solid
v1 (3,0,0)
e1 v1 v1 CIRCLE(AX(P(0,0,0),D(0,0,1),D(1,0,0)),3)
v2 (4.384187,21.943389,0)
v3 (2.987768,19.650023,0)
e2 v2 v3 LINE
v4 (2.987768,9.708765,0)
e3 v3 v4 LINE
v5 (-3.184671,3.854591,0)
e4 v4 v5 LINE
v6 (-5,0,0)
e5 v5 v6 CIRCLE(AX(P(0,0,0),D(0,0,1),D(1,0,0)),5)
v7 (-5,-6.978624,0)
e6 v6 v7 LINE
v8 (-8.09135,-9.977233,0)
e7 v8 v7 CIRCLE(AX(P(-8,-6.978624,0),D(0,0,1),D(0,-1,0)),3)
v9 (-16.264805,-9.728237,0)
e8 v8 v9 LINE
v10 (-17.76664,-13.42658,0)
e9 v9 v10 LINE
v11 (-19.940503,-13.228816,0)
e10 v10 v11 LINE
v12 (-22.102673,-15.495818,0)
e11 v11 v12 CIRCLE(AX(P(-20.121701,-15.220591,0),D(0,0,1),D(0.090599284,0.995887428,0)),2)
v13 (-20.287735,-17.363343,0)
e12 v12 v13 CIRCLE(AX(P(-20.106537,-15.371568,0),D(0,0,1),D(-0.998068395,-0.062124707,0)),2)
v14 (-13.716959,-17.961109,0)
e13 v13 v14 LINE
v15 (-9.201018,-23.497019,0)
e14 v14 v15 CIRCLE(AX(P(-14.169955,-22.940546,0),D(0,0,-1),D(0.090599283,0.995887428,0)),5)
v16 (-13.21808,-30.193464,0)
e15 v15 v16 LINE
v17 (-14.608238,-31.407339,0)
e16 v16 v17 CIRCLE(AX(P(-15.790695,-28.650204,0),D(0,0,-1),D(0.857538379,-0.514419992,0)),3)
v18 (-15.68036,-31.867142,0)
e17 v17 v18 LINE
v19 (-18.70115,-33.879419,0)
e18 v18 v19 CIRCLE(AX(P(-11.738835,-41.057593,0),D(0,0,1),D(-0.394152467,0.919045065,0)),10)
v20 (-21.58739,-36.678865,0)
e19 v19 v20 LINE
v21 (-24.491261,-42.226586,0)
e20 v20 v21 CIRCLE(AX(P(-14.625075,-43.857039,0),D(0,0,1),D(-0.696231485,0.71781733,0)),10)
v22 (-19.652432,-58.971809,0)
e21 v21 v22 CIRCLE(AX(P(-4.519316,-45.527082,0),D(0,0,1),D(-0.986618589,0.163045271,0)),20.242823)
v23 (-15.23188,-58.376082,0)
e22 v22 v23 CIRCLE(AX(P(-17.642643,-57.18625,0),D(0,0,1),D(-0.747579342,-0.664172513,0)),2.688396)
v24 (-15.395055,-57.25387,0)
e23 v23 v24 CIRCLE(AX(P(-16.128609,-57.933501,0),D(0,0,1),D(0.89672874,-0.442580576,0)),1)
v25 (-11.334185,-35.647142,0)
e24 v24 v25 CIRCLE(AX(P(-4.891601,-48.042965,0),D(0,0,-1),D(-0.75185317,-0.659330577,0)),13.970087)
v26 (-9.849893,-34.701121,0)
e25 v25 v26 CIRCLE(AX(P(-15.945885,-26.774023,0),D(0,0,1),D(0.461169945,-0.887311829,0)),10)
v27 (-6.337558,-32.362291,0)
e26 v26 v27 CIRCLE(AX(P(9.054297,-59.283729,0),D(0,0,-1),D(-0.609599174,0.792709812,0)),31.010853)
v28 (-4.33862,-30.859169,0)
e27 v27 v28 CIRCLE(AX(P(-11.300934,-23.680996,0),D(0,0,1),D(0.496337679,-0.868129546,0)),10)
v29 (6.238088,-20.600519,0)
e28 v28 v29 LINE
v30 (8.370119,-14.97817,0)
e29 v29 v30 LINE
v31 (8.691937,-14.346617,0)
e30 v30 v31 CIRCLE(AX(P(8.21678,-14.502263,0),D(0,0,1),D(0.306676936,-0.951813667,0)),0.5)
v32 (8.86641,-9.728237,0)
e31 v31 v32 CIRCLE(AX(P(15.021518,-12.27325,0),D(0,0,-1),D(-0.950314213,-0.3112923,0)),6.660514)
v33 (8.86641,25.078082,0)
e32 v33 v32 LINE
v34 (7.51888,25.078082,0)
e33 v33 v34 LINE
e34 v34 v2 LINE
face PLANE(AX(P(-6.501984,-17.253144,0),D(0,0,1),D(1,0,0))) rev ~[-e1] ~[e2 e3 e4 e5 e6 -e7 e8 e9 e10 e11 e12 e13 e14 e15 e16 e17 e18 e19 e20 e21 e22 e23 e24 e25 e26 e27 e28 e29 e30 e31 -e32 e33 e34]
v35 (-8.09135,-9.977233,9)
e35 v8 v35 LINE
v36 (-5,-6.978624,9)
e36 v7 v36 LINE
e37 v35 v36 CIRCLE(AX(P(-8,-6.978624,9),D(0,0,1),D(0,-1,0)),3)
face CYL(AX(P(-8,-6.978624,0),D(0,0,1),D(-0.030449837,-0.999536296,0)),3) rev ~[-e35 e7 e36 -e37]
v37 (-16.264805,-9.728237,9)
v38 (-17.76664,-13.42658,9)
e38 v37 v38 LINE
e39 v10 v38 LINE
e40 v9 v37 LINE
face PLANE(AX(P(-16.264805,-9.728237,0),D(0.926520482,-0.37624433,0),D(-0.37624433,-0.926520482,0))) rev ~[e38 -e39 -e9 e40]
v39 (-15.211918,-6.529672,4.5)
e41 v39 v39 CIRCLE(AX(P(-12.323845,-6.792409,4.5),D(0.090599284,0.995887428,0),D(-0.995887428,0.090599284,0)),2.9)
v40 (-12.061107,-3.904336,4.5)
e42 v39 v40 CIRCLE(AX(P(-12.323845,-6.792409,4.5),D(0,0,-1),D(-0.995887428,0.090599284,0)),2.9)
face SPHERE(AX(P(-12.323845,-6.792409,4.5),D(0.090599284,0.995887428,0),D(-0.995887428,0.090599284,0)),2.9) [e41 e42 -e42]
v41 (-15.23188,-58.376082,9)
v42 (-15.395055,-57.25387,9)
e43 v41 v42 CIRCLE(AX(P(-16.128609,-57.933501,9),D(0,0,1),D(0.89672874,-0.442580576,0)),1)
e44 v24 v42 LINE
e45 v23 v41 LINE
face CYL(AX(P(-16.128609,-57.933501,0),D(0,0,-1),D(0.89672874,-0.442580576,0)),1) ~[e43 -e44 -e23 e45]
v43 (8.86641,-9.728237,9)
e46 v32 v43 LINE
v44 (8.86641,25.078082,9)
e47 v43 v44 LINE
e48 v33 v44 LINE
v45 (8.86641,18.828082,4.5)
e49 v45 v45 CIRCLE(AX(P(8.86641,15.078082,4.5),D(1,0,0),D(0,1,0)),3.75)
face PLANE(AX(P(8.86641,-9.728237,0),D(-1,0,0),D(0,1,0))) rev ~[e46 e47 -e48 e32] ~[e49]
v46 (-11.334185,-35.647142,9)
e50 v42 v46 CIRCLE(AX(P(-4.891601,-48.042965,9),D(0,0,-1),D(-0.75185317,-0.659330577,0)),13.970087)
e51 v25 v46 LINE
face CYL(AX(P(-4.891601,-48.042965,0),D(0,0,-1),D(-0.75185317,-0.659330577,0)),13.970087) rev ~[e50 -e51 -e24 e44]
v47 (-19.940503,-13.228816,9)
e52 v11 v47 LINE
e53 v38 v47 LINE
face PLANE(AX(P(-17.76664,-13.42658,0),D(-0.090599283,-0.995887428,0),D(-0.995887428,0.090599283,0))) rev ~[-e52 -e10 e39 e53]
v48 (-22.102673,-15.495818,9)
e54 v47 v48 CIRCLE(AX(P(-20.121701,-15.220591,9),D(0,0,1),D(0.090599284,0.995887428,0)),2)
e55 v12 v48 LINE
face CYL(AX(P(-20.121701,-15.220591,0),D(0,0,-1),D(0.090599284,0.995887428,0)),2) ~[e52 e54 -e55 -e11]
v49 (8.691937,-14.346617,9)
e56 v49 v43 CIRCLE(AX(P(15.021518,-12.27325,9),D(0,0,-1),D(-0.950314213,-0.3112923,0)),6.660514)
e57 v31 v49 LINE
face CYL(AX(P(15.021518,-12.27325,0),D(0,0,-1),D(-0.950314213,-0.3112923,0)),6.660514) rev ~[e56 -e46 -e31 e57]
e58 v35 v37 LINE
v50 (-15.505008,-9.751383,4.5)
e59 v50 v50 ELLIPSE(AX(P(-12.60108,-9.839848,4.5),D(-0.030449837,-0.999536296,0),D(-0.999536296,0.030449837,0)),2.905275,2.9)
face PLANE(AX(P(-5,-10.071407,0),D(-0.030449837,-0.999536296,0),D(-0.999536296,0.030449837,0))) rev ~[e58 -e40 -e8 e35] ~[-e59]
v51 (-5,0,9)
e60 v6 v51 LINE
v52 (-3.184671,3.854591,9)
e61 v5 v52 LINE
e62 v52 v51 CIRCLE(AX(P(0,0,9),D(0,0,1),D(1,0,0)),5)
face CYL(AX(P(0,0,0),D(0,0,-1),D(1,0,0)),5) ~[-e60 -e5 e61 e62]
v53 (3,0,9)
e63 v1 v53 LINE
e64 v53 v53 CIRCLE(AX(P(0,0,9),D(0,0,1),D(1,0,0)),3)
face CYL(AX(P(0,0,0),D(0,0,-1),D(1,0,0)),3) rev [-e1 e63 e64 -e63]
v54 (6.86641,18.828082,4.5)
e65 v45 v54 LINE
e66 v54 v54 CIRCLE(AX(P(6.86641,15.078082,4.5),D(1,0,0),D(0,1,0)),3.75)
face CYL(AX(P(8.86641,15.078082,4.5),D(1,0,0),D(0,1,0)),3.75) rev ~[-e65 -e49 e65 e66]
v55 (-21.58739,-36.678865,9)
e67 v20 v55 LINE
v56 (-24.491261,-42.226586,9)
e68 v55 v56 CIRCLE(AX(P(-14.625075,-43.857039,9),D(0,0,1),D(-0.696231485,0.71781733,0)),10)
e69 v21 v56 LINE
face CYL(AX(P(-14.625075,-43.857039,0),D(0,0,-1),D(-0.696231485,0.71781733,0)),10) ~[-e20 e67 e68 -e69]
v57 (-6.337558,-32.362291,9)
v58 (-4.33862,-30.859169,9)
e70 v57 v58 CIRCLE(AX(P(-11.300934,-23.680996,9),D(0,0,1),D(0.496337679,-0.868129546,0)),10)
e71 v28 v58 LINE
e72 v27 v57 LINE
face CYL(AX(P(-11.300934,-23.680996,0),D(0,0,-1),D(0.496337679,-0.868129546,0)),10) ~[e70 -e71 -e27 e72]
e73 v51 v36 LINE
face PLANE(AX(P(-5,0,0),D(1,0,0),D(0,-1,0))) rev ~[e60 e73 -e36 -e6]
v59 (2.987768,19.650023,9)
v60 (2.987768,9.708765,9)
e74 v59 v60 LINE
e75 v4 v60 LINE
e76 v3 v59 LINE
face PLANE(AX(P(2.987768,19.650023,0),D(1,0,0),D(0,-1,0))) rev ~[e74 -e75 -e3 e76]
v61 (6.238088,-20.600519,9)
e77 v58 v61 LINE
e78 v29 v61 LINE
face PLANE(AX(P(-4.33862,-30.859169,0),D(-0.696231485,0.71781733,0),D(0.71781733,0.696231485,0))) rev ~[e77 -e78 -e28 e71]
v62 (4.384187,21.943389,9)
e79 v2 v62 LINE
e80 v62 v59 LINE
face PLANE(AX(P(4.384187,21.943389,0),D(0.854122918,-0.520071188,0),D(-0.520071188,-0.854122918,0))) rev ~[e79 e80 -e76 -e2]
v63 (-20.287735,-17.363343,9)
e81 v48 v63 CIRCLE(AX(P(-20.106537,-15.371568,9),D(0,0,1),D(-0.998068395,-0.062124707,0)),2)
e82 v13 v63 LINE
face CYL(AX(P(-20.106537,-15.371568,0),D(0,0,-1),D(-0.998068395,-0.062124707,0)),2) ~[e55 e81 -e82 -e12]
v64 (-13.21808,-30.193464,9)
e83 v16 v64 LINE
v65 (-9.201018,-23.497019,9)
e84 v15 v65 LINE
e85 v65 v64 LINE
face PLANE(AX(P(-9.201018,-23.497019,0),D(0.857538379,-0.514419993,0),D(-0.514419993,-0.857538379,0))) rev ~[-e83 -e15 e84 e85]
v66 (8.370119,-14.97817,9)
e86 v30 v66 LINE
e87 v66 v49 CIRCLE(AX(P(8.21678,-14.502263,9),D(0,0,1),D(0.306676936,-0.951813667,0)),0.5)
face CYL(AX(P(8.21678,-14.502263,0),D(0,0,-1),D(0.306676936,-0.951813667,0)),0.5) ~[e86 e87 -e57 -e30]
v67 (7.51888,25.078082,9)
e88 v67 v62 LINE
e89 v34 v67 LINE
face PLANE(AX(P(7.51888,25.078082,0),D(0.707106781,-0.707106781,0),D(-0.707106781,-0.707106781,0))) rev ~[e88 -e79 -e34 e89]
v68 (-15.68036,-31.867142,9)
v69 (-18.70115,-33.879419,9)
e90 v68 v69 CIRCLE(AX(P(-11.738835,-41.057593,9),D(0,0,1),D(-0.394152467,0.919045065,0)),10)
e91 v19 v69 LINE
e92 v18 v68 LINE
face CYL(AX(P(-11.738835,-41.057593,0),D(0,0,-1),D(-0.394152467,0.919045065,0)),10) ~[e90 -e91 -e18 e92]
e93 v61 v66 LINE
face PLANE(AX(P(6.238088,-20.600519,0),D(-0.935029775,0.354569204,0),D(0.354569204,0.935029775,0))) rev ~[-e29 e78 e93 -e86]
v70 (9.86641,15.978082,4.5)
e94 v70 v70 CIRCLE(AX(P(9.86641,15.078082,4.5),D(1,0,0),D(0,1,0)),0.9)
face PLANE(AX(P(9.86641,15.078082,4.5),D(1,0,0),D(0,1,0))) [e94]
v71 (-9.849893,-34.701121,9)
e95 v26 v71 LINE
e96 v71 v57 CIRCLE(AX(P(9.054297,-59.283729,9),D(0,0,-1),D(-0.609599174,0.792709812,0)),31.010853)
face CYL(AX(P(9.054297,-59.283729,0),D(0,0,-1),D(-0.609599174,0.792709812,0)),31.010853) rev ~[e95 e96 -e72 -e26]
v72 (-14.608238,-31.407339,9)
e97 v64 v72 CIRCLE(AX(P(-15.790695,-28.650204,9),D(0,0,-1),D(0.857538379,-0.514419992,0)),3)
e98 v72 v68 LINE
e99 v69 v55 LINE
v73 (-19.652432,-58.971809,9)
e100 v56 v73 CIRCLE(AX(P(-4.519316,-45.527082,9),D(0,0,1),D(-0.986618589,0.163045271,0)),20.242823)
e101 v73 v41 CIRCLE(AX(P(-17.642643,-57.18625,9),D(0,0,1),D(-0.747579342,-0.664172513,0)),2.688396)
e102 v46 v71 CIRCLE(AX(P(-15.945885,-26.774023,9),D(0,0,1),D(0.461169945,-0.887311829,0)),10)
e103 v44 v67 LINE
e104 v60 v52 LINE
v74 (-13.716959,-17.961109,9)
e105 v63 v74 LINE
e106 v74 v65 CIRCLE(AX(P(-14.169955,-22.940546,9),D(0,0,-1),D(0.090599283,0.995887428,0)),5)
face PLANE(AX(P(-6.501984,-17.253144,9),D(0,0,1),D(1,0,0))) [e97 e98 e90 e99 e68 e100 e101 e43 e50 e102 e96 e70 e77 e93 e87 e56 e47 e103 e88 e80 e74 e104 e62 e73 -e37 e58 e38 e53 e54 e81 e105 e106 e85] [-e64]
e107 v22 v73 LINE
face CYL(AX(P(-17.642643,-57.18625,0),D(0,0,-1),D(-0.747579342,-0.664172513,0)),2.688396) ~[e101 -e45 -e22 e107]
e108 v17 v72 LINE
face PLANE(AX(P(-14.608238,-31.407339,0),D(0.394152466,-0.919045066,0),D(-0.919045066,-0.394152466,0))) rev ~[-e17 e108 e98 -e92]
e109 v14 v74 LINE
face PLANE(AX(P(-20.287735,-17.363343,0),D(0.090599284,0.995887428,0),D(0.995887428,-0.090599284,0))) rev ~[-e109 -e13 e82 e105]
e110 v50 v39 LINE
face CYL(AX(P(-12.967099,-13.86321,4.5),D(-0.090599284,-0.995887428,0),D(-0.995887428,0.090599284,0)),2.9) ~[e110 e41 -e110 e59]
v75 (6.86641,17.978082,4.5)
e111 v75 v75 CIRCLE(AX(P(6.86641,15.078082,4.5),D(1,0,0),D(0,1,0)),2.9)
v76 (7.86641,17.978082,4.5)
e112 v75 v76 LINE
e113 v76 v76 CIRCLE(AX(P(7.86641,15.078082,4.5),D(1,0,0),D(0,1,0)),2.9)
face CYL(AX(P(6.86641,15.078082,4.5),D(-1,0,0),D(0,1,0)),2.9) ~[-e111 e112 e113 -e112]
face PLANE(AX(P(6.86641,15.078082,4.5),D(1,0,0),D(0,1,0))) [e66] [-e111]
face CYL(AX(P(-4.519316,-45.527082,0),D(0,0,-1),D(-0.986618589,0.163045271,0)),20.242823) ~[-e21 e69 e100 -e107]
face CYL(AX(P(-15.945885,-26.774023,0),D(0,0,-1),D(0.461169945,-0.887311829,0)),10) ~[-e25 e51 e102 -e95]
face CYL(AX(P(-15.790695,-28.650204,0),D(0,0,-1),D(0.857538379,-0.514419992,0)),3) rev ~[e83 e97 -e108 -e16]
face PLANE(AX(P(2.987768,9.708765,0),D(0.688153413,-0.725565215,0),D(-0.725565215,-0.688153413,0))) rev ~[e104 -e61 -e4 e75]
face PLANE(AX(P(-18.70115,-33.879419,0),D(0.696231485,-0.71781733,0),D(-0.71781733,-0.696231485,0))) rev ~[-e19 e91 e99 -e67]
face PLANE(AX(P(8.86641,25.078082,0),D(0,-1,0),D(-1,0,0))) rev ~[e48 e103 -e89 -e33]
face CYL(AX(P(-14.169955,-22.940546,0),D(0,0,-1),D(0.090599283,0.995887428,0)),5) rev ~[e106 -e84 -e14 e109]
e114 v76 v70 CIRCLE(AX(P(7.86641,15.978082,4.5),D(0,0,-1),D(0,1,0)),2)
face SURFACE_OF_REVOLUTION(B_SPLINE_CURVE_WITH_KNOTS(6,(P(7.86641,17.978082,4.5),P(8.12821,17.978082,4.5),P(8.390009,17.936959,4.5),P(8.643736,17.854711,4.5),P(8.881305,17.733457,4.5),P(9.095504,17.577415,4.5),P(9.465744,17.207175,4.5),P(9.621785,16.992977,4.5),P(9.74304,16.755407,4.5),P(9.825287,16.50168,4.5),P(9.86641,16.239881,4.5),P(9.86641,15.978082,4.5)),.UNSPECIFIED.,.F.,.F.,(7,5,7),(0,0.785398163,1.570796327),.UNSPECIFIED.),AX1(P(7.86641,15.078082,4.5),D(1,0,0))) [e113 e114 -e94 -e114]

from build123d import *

# Parameters (mm, degrees)
SKETCH_1_R          = 5
SKETCH_1_R_2        = 3
EXTRUDE_1_DEPTH     = 9
SKETCH_2_R          = 3.75
CUT_EXTRUDE_1_DEPTH = 2
SKETCH_3_R          = 2.9
EXTRUDE_2_DEPTH     = 3
FILLET_1_R          = 2
SKETCH_4_R          = 2.9
EXTRUDE_3_DEPTH     = 10
FILLET_2_R          = 2.9
FILLET_3_R          = 3


with BuildPart() as part:
    # 스케치1 → 보스-돌출1 (new body)
    # profile 1 of 5: a face of its own
    with BuildSketch(Plane.XY):
        with BuildLine():
            Line((8.866410343, 21.94338903), (4.384187039, 21.94338903))
            Line((4.384187039, 21.94338903), (2.987768149, 19.65002342))
            Line((2.987768149, 19.65002342), (2.987768149, 17.661246793))
            Line((2.987768149, 17.661246793), (2.987768149, 9.70876495))
            Line((2.987768149, 9.70876495), (-3.184671245, 3.854590647))
            ThreePointArc((-3.184671245, 3.854590647), (2.13033375, 4.523458645), (5, 0))
            ThreePointArc((5, 0), (0, -5), (-5, 0))
            Line((-5, 0), (-5, -10.071407464))
            Line((-5, -10.071407464), (-16.264805165, -9.728236855))
            Line((-16.264805165, -9.728236855), (-17.766639728, -13.42657959))
            Line((-17.766639728, -13.42657959), (-19.940502755, -13.22881584))
            ThreePointArc((-19.940502755, -13.22881584), (-21.568981751, -13.840235901), (-22.102673306, -15.49581787))
            ThreePointArc((-22.102673306, -15.49581787), (-21.54079944, -16.765444299), (-20.287735083, -17.363343312))
            Line((-20.287735083, -17.363343312), (-13.716958703, -17.9611093))
            ThreePointArc((-13.716958703, -17.9611093), (-10.295562947, -19.77999502), (-9.201017746, -23.497018692))
            Line((-9.201017746, -23.497018692), (-13.218080179, -30.193463728))
            ThreePointArc((-13.218080179, -30.193463728), (-13.817495958, -30.9099569), (-14.608237914, -31.407338947))
            Line((-14.608237914, -31.407338947), (-15.680360182, -31.867141901))
            ThreePointArc((-15.680360182, -31.867141901), (-17.282818205, -32.73507756), (-18.70115036, -33.879419256))
            Line((-18.70115036, -33.879419256), (-21.587390027, -36.678865361))
            ThreePointArc((-21.587390027, -36.678865361), (-23.484754079, -39.219572782), (-24.491261067, -42.226585957))
            ThreePointArc((-24.491261067, -42.226585957), (-23.966473892, -51.146683639), (-19.652431958, -58.971808969))
            ThreePointArc((-19.652431958, -58.971808969), (-17.283591849, -59.850561763), (-15.231880476, -58.376082064))
            ThreePointArc((-15.231880476, -58.376082064), (-15.139015744, -57.789610004), (-15.395055283, -57.253870245))
            ThreePointArc((-15.395055283, -57.253870245), (-18.621303847, -45.462540141), (-11.334185384, -35.647141528))
            ThreePointArc((-11.334185384, -35.647141528), (-10.571184727, -35.206851872), (-9.849893086, -34.701121359))
            ThreePointArc((-9.849893086, -34.701121359), (-8.133553397, -33.471894478), (-6.337557558, -32.362291125))
            ThreePointArc((-6.337557558, -32.362291125), (-5.290911527, -31.673468731), (-4.338619501, -30.85916897))
            Line((-4.338619501, -30.85916897), (6.238088337, -20.600518625))
            Line((6.238088337, -20.600518625), (8.3701186, -14.978169718))
            ThreePointArc((8.3701186, -14.978169718), (8.662275884, -14.729272874), (8.69193724, -14.346616734))
            ThreePointArc((8.69193724, -14.346616734), (8.365752146, -12.021808556), (8.866410343, -9.728236855))
            Line((8.866410343, -9.728236855), (8.866410343, 21.94338903))
        make_face()
    # profile 2 of 5: a face of its own
    with BuildSketch(Plane.XY):
        Circle(SKETCH_1_R)
        Circle(SKETCH_1_R_2, mode=Mode.SUBTRACT)
    # profile 3 of 5: a face of its own
    with BuildSketch(Plane.XY):
        with BuildLine():
            ThreePointArc((5, 0), (2.13033375, 4.523458645), (-3.184671245, 3.854590647))
            ThreePointArc((-3.184671245, 3.854590647), (-4.523458645, 2.13033375), (-5, 0))
            ThreePointArc((-5, 0), (0, -5), (5, 0))
        make_face()
        Circle(SKETCH_1_R_2, mode=Mode.SUBTRACT)
    # profile 4 of 5: a face of its own
    with BuildSketch(Plane.XY):
        Polygon((8.866410343, 25.078081763), (7.518879772, 25.078081763), (4.384187039, 21.94338903), (8.866410343, 21.94338903), align=None)
    # profile 5 of 5: a face of its own
    with BuildSketch(Plane.XY):
        with BuildLine():
            Line((8.866410343, 21.94338903), (4.384187039, 21.94338903))
            Line((4.384187039, 21.94338903), (2.987768149, 19.65002342))
            Line((2.987768149, 19.65002342), (2.987768149, 17.661246793))
            Line((2.987768149, 17.661246793), (2.987768149, 9.70876495))
            Line((2.987768149, 9.70876495), (-3.184671245, 3.854590647))
            ThreePointArc((-3.184671245, 3.854590647), (2.13033375, 4.523458645), (5, 0))
            ThreePointArc((5, 0), (0, -5), (-5, 0))
            Line((-5, 0), (-5, -10.071407464))
            Line((-5, -10.071407464), (-16.264805165, -9.728236855))
            Line((-16.264805165, -9.728236855), (-17.766639728, -13.42657959))
            Line((-17.766639728, -13.42657959), (-19.940502755, -13.22881584))
            ThreePointArc((-19.940502755, -13.22881584), (-21.568981751, -13.840235901), (-22.102673306, -15.49581787))
            ThreePointArc((-22.102673306, -15.49581787), (-21.54079944, -16.765444299), (-20.287735083, -17.363343312))
            Line((-20.287735083, -17.363343312), (-13.716958703, -17.9611093))
            ThreePointArc((-13.716958703, -17.9611093), (-10.295562947, -19.77999502), (-9.201017746, -23.497018692))
            Line((-9.201017746, -23.497018692), (-13.218080179, -30.193463728))
            ThreePointArc((-13.218080179, -30.193463728), (-13.817495958, -30.9099569), (-14.608237914, -31.407338947))
            Line((-14.608237914, -31.407338947), (-15.680360182, -31.867141901))
            ThreePointArc((-15.680360182, -31.867141901), (-17.282818205, -32.73507756), (-18.70115036, -33.879419256))
            Line((-18.70115036, -33.879419256), (-21.587390027, -36.678865361))
            ThreePointArc((-21.587390027, -36.678865361), (-23.484754079, -39.219572782), (-24.491261067, -42.226585957))
            ThreePointArc((-24.491261067, -42.226585957), (-23.966473892, -51.146683639), (-19.652431958, -58.971808969))
            ThreePointArc((-19.652431958, -58.971808969), (-17.283591849, -59.850561763), (-15.231880476, -58.376082064))
            ThreePointArc((-15.231880476, -58.376082064), (-15.139015744, -57.789610004), (-15.395055283, -57.253870245))
            ThreePointArc((-15.395055283, -57.253870245), (-18.621303847, -45.462540141), (-11.334185384, -35.647141528))
            ThreePointArc((-11.334185384, -35.647141528), (-10.571184727, -35.206851872), (-9.849893086, -34.701121359))
            ThreePointArc((-9.849893086, -34.701121359), (-8.133553397, -33.471894478), (-6.337557558, -32.362291125))
            ThreePointArc((-6.337557558, -32.362291125), (-5.290911527, -31.673468731), (-4.338619501, -30.85916897))
            Line((-4.338619501, -30.85916897), (6.238088337, -20.600518625))
            Line((6.238088337, -20.600518625), (8.3701186, -14.978169718))
            ThreePointArc((8.3701186, -14.978169718), (8.662275884, -14.729272874), (8.69193724, -14.346616734))
            ThreePointArc((8.69193724, -14.346616734), (8.365752146, -12.021808556), (8.866410343, -9.728236855))
            Line((8.866410343, -9.728236855), (8.866410343, 21.94338903))
        make_face()
    extrude(amount=EXTRUDE_1_DEPTH)

    # 스케치2 → 컷-돌출1 (cut)
    with BuildSketch(Plane(origin=(8.866410343, 0, 0), x_dir=(0, 0, -1), z_dir=(1, 0, 0))):
        with Locations(Location((-4.5, 15.078081763, 0), (0, 0, 90))):
            Circle(SKETCH_2_R)
    extrude(amount=-CUT_EXTRUDE_1_DEPTH, mode=Mode.SUBTRACT)

    # 스케치3 → 보스-돌출2 (add)
    with BuildSketch(Plane(origin=(6.866410343, 0, 0), x_dir=(0, 0, -1), z_dir=(1, 0, 0))):
        with Locations(Location((-4.5, 15.078081763, 0), (0, 0, 90))):
            Circle(SKETCH_3_R)
    extrude(amount=EXTRUDE_2_DEPTH)

    # 필렛1
    fillet_1_edges = [part.edges().sort_by_distance(p)[0] for p in [
        (9.866410343, 12.178081763, 4.5),
    ]]
    fillet(fillet_1_edges, radius=FILLET_1_R)

    # 스케치4 → 보스-돌출3 (add)
    with BuildSketch(Plane(origin=(-1.357268469, -14.919396185, 0), x_dir=(0.995887428286197, -0.09059928355955607, 0), z_dir=(0.09059928355955607, 0.995887428286197, 0))):
        with Locations(Location((-11.65777439, -4.5, 0), (0, 0, 180))):
            Circle(SKETCH_4_R)
    extrude(amount=EXTRUDE_3_DEPTH)

    # 필렛2
    fillet_2_edges = [part.edges().sort_by_distance(p)[0] for p in [
        (-9.173033049, -4.167073817, 4.5),
    ]]
    fillet(fillet_2_edges, radius=FILLET_2_R)

    # 필렛3
    fillet_3_edges = [part.edges().sort_by_distance(p)[0] for p in [
        (-5, -10.071407464, 4.5),
    ]]
    fillet(fillet_3_edges, radius=FILLET_3_R)


solid = part.part
